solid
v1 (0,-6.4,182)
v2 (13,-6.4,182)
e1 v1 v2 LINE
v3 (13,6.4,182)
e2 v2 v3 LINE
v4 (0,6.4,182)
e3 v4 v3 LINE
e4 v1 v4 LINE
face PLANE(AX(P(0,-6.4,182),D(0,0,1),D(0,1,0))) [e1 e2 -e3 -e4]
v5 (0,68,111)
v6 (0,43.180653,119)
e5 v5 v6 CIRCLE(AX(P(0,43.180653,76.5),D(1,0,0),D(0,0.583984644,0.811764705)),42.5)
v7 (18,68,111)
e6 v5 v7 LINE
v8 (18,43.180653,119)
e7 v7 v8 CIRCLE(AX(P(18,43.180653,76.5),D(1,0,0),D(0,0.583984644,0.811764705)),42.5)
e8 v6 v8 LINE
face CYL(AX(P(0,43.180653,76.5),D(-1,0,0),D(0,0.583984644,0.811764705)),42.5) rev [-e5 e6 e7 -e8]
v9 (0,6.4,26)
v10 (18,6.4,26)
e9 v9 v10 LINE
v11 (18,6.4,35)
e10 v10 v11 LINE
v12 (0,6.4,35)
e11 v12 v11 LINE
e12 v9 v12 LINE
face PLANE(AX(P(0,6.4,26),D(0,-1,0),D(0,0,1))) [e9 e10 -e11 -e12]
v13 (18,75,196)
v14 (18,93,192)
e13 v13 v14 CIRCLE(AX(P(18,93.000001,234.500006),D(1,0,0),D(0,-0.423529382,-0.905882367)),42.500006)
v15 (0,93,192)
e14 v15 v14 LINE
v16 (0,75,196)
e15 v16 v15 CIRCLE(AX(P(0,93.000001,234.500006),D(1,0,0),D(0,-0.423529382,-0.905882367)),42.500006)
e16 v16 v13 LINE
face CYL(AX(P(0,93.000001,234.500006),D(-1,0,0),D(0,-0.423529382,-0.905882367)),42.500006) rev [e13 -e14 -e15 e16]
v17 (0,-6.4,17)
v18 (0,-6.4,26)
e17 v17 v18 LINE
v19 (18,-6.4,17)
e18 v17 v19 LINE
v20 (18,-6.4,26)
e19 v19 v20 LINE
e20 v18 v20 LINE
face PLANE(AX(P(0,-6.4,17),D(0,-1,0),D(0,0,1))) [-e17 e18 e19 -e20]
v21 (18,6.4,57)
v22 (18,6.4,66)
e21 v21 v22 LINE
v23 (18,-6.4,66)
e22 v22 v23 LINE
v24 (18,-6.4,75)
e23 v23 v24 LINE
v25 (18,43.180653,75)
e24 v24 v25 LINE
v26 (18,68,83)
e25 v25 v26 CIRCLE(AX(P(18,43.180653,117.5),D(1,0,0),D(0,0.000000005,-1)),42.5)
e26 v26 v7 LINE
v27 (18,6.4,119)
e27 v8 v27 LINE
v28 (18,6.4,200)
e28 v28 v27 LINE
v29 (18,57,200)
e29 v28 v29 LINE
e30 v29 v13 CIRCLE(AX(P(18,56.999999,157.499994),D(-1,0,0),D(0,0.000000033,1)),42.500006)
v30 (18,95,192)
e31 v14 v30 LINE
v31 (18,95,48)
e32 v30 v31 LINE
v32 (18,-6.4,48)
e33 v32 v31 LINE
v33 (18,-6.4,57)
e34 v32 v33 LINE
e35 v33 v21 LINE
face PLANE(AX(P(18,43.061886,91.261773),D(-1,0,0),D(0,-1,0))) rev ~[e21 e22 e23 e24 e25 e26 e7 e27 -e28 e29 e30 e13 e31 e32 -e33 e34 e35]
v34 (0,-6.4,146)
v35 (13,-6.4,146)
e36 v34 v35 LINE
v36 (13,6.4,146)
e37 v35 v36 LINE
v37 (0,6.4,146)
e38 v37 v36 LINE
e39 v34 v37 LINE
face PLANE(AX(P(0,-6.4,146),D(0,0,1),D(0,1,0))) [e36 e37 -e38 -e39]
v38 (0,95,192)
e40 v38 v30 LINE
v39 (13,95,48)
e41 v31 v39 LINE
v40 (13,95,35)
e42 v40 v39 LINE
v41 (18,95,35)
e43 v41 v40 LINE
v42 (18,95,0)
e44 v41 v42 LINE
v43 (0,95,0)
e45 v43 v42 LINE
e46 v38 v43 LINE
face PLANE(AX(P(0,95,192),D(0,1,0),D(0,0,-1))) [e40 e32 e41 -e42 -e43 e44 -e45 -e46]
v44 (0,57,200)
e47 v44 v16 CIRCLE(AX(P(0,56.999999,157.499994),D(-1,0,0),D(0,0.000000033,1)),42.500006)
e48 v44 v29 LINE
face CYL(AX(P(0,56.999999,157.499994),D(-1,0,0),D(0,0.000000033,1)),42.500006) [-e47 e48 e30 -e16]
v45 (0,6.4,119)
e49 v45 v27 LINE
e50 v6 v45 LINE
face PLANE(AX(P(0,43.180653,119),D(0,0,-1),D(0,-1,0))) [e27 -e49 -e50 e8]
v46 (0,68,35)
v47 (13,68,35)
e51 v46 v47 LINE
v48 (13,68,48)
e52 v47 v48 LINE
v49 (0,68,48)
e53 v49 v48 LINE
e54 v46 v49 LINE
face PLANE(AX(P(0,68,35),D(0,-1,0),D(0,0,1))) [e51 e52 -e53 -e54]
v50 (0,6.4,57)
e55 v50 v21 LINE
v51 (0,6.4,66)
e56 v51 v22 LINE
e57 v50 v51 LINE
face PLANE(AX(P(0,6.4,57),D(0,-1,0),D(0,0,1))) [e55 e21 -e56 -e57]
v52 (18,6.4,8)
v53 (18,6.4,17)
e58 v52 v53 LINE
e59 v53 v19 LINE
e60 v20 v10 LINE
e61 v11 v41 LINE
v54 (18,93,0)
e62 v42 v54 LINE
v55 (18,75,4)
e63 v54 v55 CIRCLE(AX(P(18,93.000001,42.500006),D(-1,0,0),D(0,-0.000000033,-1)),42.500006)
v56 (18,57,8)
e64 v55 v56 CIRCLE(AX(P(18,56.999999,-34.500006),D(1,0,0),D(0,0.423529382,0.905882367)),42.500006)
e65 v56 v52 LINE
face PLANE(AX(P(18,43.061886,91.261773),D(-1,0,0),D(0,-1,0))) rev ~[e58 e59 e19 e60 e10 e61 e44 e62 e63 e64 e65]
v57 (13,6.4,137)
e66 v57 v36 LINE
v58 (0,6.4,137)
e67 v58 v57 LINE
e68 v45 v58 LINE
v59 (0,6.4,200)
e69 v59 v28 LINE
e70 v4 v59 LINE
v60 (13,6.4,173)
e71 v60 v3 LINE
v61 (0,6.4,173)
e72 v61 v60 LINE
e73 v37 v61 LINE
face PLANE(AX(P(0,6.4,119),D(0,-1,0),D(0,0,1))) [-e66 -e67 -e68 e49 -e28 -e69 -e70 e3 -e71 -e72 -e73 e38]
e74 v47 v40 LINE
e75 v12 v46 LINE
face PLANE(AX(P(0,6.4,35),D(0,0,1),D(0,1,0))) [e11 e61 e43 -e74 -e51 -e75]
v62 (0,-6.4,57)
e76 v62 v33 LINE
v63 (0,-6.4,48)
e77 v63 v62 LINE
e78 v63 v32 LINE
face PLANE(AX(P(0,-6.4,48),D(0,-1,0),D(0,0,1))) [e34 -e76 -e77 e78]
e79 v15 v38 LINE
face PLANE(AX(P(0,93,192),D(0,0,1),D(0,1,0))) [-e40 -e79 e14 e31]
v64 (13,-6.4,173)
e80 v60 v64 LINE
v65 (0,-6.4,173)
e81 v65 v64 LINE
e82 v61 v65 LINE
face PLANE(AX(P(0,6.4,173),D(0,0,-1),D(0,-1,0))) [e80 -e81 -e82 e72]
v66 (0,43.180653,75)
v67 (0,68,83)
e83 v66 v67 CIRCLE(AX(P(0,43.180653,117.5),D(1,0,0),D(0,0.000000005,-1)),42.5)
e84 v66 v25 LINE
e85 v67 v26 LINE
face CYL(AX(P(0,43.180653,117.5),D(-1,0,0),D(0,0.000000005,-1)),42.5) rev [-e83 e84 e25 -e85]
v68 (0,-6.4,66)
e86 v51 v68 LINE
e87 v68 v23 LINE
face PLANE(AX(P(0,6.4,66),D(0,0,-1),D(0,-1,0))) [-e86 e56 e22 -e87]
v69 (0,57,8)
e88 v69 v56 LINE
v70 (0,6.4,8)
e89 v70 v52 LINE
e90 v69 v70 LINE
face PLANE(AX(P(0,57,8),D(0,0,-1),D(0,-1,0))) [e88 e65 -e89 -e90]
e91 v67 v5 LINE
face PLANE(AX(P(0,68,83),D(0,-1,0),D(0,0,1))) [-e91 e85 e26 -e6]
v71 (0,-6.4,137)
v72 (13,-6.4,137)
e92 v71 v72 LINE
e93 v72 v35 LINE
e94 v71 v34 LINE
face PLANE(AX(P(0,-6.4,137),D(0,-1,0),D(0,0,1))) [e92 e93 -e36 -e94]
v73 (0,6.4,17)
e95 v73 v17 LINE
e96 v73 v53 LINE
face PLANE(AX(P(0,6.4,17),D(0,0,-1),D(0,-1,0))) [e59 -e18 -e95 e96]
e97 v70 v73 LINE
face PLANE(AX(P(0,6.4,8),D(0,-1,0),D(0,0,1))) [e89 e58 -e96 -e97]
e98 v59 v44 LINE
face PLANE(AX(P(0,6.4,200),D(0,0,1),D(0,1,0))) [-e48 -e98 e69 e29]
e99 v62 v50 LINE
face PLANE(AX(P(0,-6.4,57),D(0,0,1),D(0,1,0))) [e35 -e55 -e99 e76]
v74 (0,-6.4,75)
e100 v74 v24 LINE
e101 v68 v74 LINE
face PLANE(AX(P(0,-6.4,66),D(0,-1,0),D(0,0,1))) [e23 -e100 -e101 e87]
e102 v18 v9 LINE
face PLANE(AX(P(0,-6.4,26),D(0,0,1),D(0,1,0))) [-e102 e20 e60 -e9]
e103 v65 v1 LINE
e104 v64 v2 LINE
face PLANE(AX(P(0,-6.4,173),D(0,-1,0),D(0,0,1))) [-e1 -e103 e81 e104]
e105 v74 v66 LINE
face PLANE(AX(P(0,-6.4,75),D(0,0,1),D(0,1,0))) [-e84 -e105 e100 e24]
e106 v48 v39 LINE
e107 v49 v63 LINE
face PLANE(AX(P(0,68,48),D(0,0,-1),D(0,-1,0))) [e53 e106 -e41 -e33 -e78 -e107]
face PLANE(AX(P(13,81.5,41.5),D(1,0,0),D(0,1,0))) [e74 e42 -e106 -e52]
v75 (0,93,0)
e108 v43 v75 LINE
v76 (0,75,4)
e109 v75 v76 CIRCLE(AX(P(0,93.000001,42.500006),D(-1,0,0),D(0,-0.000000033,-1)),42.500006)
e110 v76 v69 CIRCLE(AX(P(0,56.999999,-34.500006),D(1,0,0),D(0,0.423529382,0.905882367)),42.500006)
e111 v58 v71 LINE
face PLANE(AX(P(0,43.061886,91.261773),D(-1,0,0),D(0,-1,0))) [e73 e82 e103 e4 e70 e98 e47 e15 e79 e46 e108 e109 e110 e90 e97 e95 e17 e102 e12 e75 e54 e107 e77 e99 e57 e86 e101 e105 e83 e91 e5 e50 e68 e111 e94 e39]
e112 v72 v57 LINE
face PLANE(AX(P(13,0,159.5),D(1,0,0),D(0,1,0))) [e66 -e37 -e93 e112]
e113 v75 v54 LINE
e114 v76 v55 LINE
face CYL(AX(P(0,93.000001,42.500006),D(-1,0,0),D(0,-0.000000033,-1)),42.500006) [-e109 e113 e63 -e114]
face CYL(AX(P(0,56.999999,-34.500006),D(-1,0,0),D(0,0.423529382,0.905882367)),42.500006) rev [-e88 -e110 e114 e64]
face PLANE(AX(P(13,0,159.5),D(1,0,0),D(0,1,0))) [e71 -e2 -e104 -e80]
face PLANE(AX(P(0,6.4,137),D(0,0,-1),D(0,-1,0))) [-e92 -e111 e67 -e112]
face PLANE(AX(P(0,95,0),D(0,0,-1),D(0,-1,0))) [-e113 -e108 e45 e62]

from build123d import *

# Parameters (mm, degrees)
PAD_DEPTH       = 18
SKETCH007_W     = 12.8
SKETCH007_H     = 45
POCKET002_DEPTH = 5
SKETCH010_W     = 27
SKETCH010_H     = 13
POCKET005_DEPTH = 5


with BuildPart() as part:
    # Clone2D → Pad (new body)
    with BuildSketch(Plane.YZ):
        with BuildLine():
            ThreePointArc((75, 196), (83.780456, 193.01205), (93, 192))
            Line((93, 192), (95, 192))
            Line((95, 192), (95, 0))
            Line((95, 0), (93, 0))
            ThreePointArc((93, 0), (83.780456, 1.01205), (75, 4))
            ThreePointArc((75, 4), (66.219544, 6.98795), (57, 8))
            Line((57, 8), (6.4, 8))
            Line((6.4, 8), (6.4, 17))
            Line((6.4, 17), (-6.4, 17))
            Line((-6.4, 17), (-6.4, 26))
            Line((-6.4, 26), (6.4, 26))
            Line((6.4, 26), (6.4, 35))
            Line((6.4, 35), (68, 35))
            Line((68, 35), (68, 48))
            Line((68, 48), (-6.4, 48))
            Line((-6.4, 48), (-6.4, 57))
            Line((-6.4, 57), (6.4, 57))
            Line((6.4, 57), (6.4, 66))
            Line((6.4, 66), (-6.4, 66))
            Line((-6.4, 66), (-6.4, 75))
            Line((-6.4, 75), (43.180653, 75))
            ThreePointArc((43.180653, 75), (56.219058, 77.049413), (68, 83))
            Line((68, 83), (68, 111))
            ThreePointArc((68, 111), (56.219058, 116.950587), (43.180653, 119))
            Line((43.180653, 119), (6.4, 119))
            Line((6.4, 119), (6.4, 137))
            Line((6.4, 137), (-6.4, 137))
            Line((-6.4, 137), (-6.4, 146))
            Line((-6.4, 146), (6.4, 146))
            Line((6.4, 146), (6.4, 173))
            Line((6.4, 173), (-6.4, 173))
            Line((-6.4, 173), (-6.4, 182))
            Line((-6.4, 182), (6.4, 182))
            Line((6.4, 182), (6.4, 200))
            Line((6.4, 200), (57, 200))
            ThreePointArc((57, 200), (66.219544, 198.98795), (75, 196))
        make_face()
    extrude(amount=PAD_DEPTH)

    # Sketch007 (on Face38 of Pad) → Pocket002 (cut)
    with BuildSketch(Plane.YZ.offset(18)):
        with Locations((0, 159.5)):
            Rectangle(SKETCH007_W, SKETCH007_H)
    extrude(amount=-POCKET002_DEPTH, mode=Mode.SUBTRACT)

    # Sketch010 (on Face5 of Pocket002) → Pocket005 (cut)
    with BuildSketch(Plane.YZ.offset(18)):
        with Locations((81.5, 41.5)):
            Rectangle(SKETCH010_W, SKETCH010_H)
    extrude(amount=-POCKET005_DEPTH, mode=Mode.SUBTRACT)


solid = part.part
